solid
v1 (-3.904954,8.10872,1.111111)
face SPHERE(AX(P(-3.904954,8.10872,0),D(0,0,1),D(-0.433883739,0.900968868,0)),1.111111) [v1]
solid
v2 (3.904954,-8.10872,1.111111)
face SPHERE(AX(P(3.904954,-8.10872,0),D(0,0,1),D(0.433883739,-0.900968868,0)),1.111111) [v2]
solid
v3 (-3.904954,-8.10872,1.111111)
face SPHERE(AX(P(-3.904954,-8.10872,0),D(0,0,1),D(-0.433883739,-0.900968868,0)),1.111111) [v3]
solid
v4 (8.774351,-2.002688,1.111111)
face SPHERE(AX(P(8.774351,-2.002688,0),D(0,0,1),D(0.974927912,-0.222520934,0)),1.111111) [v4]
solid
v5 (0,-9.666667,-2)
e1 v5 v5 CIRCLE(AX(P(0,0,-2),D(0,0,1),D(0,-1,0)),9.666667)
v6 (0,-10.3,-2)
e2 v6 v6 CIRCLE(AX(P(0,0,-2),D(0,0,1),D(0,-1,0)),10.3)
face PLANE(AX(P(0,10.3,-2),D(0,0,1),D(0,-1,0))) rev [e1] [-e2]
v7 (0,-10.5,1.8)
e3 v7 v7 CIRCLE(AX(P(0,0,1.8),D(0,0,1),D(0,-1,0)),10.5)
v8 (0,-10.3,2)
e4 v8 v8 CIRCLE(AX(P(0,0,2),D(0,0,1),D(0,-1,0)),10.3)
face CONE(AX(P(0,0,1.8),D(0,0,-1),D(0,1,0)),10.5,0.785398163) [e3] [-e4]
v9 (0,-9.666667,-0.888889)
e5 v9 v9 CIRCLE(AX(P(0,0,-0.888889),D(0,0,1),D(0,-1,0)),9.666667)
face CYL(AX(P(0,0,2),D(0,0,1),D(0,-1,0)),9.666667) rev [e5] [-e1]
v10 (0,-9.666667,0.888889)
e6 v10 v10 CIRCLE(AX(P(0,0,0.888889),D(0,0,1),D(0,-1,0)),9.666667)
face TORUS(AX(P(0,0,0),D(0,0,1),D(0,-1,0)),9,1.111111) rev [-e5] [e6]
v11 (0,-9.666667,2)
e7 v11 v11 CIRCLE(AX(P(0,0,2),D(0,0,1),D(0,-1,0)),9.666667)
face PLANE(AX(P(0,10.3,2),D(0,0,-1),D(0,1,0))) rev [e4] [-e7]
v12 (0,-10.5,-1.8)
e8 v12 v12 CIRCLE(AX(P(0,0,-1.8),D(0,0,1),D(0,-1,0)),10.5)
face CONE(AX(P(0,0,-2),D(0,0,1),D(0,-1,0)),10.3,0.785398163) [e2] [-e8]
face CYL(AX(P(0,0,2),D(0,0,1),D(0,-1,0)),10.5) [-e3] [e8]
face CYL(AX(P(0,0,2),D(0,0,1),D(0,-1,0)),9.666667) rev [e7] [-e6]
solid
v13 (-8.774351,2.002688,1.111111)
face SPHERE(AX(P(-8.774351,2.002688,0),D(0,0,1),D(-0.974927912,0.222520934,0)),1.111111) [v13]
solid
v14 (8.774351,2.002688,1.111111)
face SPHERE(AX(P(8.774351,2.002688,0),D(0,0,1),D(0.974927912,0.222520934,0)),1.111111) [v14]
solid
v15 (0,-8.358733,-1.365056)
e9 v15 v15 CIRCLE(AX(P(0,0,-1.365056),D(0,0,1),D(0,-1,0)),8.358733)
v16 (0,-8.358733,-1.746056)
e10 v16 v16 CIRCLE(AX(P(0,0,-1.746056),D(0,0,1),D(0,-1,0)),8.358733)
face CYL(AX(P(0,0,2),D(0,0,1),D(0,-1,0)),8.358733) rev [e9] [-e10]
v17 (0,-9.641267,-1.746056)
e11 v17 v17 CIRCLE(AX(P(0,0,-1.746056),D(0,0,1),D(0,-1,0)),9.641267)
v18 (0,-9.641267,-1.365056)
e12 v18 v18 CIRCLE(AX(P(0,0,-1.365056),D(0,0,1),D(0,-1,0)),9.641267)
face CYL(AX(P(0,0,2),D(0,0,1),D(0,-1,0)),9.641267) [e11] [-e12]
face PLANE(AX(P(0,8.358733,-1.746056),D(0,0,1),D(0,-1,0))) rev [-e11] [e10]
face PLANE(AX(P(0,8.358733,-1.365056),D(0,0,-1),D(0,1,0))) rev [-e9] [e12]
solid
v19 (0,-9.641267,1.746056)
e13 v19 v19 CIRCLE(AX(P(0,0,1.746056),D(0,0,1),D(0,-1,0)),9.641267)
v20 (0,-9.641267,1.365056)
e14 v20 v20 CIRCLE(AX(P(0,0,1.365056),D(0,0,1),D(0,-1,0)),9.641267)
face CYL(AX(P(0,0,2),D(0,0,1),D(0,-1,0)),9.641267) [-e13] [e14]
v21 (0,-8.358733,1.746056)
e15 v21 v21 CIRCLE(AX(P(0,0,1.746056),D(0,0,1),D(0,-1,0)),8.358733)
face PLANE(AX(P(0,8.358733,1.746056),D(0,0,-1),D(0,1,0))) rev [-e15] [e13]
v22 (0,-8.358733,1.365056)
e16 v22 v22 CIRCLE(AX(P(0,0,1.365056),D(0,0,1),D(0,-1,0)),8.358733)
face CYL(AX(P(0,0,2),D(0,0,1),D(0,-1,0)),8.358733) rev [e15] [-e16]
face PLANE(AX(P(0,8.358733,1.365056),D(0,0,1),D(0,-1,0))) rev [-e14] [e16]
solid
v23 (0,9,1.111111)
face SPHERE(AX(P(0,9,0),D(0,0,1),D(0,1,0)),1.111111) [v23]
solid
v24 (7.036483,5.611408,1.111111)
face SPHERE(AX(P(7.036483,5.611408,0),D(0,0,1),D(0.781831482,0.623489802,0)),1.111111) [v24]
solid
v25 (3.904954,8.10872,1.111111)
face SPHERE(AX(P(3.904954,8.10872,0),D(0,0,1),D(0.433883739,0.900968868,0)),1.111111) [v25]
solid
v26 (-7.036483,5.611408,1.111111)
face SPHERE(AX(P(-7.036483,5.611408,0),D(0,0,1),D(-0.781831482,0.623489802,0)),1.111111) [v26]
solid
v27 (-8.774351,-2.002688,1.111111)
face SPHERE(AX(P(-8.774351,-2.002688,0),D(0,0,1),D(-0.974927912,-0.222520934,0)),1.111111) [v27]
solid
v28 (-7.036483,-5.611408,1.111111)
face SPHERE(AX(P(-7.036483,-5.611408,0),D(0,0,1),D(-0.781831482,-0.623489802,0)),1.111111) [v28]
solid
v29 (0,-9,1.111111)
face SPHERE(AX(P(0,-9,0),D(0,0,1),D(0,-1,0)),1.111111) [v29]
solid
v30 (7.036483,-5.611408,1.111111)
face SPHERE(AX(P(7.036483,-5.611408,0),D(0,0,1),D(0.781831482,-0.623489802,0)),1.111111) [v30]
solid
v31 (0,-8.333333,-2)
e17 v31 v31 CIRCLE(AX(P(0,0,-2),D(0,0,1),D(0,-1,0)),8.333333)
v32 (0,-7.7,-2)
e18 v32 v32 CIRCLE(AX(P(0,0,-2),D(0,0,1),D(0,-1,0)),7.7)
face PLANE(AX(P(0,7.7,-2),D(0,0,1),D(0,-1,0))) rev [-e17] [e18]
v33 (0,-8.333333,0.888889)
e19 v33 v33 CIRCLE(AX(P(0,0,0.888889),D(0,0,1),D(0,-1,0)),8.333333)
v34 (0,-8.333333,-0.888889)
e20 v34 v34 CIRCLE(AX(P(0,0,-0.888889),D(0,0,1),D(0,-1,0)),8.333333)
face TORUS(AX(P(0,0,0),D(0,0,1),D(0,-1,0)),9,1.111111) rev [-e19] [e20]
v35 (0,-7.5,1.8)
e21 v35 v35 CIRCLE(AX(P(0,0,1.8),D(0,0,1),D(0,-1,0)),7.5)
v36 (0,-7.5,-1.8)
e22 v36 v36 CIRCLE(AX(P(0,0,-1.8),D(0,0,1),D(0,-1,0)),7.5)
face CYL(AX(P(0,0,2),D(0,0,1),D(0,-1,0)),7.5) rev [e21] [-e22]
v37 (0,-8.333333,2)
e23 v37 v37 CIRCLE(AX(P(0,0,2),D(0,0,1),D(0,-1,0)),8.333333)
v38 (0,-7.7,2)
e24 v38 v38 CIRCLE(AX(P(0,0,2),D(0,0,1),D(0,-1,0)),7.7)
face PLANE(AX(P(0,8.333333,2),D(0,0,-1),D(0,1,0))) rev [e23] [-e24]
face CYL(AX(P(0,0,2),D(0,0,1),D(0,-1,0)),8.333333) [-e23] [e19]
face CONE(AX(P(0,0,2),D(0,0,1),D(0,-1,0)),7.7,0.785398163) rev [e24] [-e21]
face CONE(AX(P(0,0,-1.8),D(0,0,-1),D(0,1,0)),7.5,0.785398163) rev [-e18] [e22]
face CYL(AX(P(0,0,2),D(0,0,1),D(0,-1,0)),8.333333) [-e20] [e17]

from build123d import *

# Parameters (mm, degrees)
SKETCH5_W         = 0.381
SKETCH5_H         = 1.282533334
CIRPATTERN1_COUNT = 14


with BuildPart() as part:
    # Sketch5 → Revolve1 (revolve)
    with BuildSketch(Plane(origin=(0, 0, 0), x_dir=(0, 0, -1), z_dir=(1, 0, 0))):
        with BuildLine():
            Line((1.8, 10.5), (-1.8, 10.5))
            Line((-1.8, 10.5), (-2, 10.3))
            Line((-2, 10.3), (-2, 9.666666667))
            Line((-2, 9.666666667), (-0.888888889, 9.666666667))
            ThreePointArc((-0.888888889, 9.666666667), (0, 10.111111111), (0.888888889, 9.666666667))
            Line((0.888888889, 9.666666667), (2, 9.666666667))
            Line((2, 9.666666667), (2, 10.3))
            Line((2, 10.3), (1.8, 10.5))
        make_face()
        with Locations((1.555555556, 9)):
            Rectangle(SKETCH5_W, SKETCH5_H)
        with Locations((-1.555555556, 9)):
            Rectangle(SKETCH5_W, SKETCH5_H)
    revolve(axis=Axis((0, 0, 2), (0, 0, -1)))


with BuildPart() as body_2:
    # Sketch3 → Revolve3 (revolve)
    with BuildSketch(Plane(origin=(0, 0, 0), x_dir=(0, 0, -1), z_dir=(1, 0, 0))):
        with BuildLine():
            Line((-2, 8.333333333), (-0.888888889, 8.333333333))
            ThreePointArc((-0.888888889, 8.333333333), (0, 7.888888889), (0.888888889, 8.333333333))
            Line((0.888888889, 8.333333333), (2, 8.333333333))
            Line((2, 8.333333333), (2, 7.7))
            Line((2, 7.7), (1.8, 7.5))
            Line((1.8, 7.5), (-1.8, 7.5))
            Line((-1.8, 7.5), (-2, 7.7))
            Line((-2, 7.7), (-2, 8.333333333))
        make_face()
    revolve(axis=Axis((0, 0, 2), (0, 0, -1)))


with BuildPart() as body_3:
    # Sketch4 → Revolve4 (revolve)
    with BuildSketch(Plane(origin=(0, 0, 0), x_dir=(0, 0, -1), z_dir=(1, 0, 0))):
        with BuildLine():
            Line((-1.111111111, 9), (1.111111111, 9))
            ThreePointArc((1.111111111, 9), (0, 10.111111111), (-1.111111111, 9))
        make_face()
    revolve(axis=Axis((0, 9, 1.111111111), (0, 0, -1)))


with BuildPart() as cirpattern1_1:
    # CirPattern1: pattern copy
    add(body_3.part.rotate(Axis((0, 0, 0), (0, 0, 1)), 1 * 360 / CIRPATTERN1_COUNT))


with BuildPart() as cirpattern1_2:
    # CirPattern1: pattern copy
    add(body_3.part.rotate(Axis((0, 0, 0), (0, 0, 1)), 2 * 360 / CIRPATTERN1_COUNT))


with BuildPart() as cirpattern1_3:
    # CirPattern1: pattern copy
    add(body_3.part.rotate(Axis((0, 0, 0), (0, 0, 1)), 3 * 360 / CIRPATTERN1_COUNT))


with BuildPart() as cirpattern1_4:
    # CirPattern1: pattern copy
    add(body_3.part.rotate(Axis((0, 0, 0), (0, 0, 1)), 4 * 360 / CIRPATTERN1_COUNT))


with BuildPart() as cirpattern1_5:
    # CirPattern1: pattern copy
    add(body_3.part.rotate(Axis((0, 0, 0), (0, 0, 1)), 5 * 360 / CIRPATTERN1_COUNT))


with BuildPart() as cirpattern1_6:
    # CirPattern1: pattern copy
    add(body_3.part.rotate(Axis((0, 0, 0), (0, 0, 1)), 6 * 360 / CIRPATTERN1_COUNT))


with BuildPart() as cirpattern1_7:
    # CirPattern1: pattern copy
    add(body_3.part.rotate(Axis((0, 0, 0), (0, 0, 1)), 7 * 360 / CIRPATTERN1_COUNT))


with BuildPart() as cirpattern1_8:
    # CirPattern1: pattern copy
    add(body_3.part.rotate(Axis((0, 0, 0), (0, 0, 1)), 8 * 360 / CIRPATTERN1_COUNT))


with BuildPart() as cirpattern1_9:
    # CirPattern1: pattern copy
    add(body_3.part.rotate(Axis((0, 0, 0), (0, 0, 1)), 9 * 360 / CIRPATTERN1_COUNT))


with BuildPart() as cirpattern1_10:
    # CirPattern1: pattern copy
    add(body_3.part.rotate(Axis((0, 0, 0), (0, 0, 1)), 10 * 360 / CIRPATTERN1_COUNT))


with BuildPart() as cirpattern1_11:
    # CirPattern1: pattern copy
    add(body_3.part.rotate(Axis((0, 0, 0), (0, 0, 1)), 11 * 360 / CIRPATTERN1_COUNT))


with BuildPart() as cirpattern1_12:
    # CirPattern1: pattern copy
    add(body_3.part.rotate(Axis((0, 0, 0), (0, 0, 1)), 12 * 360 / CIRPATTERN1_COUNT))


with BuildPart() as cirpattern1_13:
    # CirPattern1: pattern copy
    add(body_3.part.rotate(Axis((0, 0, 0), (0, 0, 1)), 13 * 360 / CIRPATTERN1_COUNT))


solid = Compound([part.part, body_2.part, body_3.part, cirpattern1_1.part, cirpattern1_2.part, cirpattern1_3.part, cirpattern1_4.part, cirpattern1_5.part, cirpattern1_6.part, cirpattern1_7.part, cirpattern1_8.part, cirpattern1_9.part, cirpattern1_10.part, cirpattern1_11.part, cirpattern1_12.part, cirpattern1_13.part])
